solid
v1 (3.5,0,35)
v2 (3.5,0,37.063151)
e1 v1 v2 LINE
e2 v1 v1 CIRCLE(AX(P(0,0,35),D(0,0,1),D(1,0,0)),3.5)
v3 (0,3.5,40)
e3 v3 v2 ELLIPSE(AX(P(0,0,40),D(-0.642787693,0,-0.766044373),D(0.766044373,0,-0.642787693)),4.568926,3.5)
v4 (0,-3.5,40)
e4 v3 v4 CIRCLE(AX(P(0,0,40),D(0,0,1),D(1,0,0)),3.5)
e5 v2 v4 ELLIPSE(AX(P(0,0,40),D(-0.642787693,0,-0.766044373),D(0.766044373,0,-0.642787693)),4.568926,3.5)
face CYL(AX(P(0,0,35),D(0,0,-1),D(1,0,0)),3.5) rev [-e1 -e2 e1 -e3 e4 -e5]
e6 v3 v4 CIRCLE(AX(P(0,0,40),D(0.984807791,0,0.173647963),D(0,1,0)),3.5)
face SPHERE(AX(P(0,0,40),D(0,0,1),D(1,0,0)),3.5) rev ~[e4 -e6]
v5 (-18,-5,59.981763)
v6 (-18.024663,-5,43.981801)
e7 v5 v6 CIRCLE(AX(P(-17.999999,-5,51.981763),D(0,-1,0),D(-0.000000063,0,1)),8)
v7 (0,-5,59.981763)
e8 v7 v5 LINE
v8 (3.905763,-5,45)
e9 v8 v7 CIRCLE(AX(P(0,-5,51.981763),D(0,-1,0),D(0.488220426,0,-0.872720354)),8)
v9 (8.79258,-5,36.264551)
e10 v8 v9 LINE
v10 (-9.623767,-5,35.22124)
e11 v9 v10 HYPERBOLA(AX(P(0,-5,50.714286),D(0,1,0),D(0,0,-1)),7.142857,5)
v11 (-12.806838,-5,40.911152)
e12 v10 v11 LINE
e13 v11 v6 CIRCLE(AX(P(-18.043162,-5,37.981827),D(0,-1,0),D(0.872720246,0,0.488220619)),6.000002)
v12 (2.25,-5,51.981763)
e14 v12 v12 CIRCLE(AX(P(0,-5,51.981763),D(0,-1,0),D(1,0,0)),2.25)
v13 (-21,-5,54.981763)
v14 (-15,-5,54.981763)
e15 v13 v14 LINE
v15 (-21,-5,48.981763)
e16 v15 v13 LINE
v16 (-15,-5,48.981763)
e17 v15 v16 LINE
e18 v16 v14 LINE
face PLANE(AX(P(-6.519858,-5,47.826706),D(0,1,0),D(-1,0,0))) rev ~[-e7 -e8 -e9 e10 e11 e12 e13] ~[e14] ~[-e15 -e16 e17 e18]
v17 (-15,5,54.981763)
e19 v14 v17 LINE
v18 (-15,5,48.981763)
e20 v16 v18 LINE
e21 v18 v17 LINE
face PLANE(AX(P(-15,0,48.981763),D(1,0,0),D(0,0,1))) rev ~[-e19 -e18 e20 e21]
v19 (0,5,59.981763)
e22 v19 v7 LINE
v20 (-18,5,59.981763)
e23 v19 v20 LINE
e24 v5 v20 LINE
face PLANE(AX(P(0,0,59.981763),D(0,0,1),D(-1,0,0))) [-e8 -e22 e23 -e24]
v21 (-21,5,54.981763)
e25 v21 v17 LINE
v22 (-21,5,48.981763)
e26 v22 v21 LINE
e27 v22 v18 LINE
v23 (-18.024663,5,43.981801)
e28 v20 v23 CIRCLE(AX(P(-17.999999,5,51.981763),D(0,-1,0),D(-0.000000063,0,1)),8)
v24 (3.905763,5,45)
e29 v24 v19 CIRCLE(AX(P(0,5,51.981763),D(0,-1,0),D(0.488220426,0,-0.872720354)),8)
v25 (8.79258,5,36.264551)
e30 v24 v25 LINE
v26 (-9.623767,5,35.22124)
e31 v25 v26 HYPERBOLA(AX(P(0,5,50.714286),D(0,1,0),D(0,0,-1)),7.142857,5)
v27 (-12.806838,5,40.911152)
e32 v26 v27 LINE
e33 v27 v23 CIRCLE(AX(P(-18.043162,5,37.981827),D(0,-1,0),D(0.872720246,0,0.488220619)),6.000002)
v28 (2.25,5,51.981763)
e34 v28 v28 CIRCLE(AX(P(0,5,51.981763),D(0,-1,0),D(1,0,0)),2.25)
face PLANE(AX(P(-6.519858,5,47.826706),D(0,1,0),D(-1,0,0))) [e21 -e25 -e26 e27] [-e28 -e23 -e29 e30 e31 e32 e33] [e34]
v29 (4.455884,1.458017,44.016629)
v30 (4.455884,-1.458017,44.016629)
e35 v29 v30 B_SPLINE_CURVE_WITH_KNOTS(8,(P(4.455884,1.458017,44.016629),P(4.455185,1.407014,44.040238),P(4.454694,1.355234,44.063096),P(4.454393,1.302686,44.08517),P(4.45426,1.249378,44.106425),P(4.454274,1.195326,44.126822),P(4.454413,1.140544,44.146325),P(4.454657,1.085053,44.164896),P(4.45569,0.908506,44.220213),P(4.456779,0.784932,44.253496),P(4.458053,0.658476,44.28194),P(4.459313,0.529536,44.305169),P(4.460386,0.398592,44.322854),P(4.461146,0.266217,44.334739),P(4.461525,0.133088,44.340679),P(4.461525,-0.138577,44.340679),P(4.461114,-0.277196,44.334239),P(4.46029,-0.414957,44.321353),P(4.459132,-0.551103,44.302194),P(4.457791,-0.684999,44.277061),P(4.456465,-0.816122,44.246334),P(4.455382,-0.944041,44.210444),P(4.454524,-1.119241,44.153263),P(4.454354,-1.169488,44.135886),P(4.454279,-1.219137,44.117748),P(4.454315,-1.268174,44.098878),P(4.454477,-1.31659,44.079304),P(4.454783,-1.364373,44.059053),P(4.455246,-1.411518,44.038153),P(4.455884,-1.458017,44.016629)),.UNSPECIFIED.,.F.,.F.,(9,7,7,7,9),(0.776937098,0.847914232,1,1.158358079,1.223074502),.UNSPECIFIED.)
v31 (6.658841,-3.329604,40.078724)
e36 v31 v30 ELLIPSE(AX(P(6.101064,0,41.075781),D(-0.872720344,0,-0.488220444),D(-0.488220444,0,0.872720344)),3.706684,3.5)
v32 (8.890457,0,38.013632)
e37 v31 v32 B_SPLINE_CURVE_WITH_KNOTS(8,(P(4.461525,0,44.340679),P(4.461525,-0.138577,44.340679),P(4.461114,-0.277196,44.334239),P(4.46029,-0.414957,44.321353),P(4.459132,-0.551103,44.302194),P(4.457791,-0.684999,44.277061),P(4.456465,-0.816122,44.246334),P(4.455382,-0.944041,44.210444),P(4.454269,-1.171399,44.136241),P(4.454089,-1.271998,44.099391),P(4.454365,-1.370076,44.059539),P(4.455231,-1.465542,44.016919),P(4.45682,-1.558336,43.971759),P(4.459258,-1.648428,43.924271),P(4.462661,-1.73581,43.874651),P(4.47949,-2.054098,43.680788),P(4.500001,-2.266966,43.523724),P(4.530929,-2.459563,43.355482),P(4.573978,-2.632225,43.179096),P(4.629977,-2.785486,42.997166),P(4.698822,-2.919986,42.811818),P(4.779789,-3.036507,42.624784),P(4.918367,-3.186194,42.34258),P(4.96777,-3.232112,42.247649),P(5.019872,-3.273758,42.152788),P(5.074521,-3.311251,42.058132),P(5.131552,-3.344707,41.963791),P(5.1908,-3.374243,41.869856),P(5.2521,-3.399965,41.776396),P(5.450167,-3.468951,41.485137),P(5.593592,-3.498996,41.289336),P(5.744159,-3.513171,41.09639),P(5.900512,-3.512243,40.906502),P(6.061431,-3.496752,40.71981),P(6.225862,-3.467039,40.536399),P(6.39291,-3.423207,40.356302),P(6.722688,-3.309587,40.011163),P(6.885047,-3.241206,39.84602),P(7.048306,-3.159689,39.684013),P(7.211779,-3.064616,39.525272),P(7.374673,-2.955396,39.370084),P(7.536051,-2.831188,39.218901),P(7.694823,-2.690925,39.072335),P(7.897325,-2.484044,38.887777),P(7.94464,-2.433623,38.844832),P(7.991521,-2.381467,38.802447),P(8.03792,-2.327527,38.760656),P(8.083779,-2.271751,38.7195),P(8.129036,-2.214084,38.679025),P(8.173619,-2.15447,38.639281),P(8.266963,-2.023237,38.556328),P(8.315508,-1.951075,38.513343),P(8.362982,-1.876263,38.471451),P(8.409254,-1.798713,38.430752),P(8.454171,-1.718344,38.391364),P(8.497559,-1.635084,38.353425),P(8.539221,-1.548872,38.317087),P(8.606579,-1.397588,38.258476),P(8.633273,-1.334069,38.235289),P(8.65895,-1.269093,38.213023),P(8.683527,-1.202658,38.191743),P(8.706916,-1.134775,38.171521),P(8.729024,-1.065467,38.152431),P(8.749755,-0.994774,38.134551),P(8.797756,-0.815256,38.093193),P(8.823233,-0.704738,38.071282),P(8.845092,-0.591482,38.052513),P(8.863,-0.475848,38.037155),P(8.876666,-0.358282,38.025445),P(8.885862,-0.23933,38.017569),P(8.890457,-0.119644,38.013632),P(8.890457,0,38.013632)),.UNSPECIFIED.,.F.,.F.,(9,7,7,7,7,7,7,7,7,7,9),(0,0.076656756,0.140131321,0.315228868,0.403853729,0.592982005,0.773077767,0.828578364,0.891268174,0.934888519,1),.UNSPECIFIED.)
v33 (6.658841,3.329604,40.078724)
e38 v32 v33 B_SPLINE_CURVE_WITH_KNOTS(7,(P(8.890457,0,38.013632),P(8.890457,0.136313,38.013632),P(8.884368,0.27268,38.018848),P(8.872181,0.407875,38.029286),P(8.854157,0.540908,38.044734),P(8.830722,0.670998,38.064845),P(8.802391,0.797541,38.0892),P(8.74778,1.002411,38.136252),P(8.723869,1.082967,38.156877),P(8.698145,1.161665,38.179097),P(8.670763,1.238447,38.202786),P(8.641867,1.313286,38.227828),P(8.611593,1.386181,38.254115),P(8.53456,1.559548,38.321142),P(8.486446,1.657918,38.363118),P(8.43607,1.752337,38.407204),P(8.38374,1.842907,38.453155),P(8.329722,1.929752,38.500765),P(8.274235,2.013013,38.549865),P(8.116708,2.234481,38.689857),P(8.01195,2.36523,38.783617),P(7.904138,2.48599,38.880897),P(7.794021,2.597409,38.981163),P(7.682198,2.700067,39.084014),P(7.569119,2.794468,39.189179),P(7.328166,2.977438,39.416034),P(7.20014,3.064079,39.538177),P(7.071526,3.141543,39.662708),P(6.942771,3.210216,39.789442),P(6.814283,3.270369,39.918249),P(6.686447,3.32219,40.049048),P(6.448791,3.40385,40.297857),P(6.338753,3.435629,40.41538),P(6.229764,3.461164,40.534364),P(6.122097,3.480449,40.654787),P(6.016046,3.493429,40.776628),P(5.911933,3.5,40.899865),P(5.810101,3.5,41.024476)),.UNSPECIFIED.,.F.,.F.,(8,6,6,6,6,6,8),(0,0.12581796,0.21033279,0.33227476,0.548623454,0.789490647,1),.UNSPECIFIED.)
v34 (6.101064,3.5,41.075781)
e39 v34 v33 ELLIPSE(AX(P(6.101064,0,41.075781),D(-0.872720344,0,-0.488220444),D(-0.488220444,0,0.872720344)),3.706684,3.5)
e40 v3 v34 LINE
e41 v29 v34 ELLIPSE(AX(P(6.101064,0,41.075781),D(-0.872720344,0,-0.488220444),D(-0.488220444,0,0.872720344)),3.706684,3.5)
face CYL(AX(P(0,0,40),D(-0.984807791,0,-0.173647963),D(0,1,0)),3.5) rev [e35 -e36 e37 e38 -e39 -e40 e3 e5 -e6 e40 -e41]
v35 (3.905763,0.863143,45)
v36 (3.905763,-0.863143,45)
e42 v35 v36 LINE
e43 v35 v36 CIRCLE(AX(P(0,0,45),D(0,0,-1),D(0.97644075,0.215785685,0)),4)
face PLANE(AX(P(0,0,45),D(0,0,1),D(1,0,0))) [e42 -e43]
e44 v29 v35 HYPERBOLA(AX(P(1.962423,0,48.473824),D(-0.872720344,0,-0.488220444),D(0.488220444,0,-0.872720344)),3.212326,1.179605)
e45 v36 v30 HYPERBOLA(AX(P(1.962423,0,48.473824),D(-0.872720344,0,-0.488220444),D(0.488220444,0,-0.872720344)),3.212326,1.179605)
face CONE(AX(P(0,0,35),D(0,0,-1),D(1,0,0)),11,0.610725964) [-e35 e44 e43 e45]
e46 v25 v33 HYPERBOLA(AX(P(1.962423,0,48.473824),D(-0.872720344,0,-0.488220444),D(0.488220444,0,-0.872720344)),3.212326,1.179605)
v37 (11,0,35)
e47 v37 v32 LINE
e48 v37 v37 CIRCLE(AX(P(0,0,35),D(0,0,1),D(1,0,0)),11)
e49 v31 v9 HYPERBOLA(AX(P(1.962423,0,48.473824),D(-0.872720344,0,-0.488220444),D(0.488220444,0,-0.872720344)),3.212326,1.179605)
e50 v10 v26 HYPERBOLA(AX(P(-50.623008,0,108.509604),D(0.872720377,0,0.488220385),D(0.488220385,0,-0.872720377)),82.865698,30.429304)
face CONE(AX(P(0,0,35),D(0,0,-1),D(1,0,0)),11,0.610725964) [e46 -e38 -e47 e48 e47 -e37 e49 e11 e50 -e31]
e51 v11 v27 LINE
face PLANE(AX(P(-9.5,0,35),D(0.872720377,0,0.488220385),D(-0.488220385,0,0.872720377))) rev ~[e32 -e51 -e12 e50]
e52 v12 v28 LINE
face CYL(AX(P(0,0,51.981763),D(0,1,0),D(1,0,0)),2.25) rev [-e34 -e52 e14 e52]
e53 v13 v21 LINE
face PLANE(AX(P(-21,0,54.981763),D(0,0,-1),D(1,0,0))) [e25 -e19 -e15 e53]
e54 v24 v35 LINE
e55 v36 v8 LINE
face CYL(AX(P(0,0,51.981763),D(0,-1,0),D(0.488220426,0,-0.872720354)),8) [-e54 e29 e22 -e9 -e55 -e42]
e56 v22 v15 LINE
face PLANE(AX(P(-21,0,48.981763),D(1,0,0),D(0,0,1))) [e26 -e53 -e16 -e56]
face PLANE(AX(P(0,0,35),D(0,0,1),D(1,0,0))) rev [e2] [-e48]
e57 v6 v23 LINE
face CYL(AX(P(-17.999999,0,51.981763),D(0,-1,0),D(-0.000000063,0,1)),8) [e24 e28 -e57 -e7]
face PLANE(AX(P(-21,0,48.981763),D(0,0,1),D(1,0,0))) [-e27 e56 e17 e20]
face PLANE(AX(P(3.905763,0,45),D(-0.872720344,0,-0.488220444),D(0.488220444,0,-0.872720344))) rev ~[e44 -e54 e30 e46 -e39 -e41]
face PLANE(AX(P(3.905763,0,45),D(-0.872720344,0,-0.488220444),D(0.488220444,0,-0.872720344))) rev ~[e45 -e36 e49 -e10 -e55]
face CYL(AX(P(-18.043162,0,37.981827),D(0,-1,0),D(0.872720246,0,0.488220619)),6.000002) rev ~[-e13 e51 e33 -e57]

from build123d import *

# Parameters (mm, degrees)
SKETCH023_R       = 2.25
SKETCH023_W       = 6
SKETCH023_H       = 6
PAD017_DEPTH      = 5
CYLINDER060_R     = 3.5
CYLINDER060_DEPTH = 5
CYLINDER061_R     = 3.5
CYLINDER061_DEPTH = 10


with BuildPart() as part:
    # Sketch023 → Pad017 (new body, symmetric)
    with BuildSketch(Plane.XZ):
        with BuildLine():
            Line((-9.5, 0), (-12.806838, 5.911152))
            ThreePointArc((-12.806838, 5.911152), (-15.000053, 8.152854), (-18.024663, 8.981801))
            ThreePointArc((-18, 24.981763), (-25.99999, 16.994094), (-18.024663, 8.981801))
            Line((0, 24.981763), (-18, 24.981763))
            ThreePointArc((3.905763, 10), (7.741256, 18.999918), (0, 24.981763))
            Line((3.905763, 10), (9.5, 0))
            Line((-9.5, 0), (9.5, 0))
        make_face()
        with Locations((0, 16.981763)):
            Circle(SKETCH023_R, mode=Mode.SUBTRACT)
        with Locations((-18, 16.981763)):
            Rectangle(SKETCH023_W, SKETCH023_H, mode=Mode.SUBTRACT)
    extrude(amount=PAD017_DEPTH, both=True)

    # Cone004 → Cone004 (revolve)
    with BuildSketch(Plane.XZ):
        Polygon((0, 0), (11, 0), (4, 10), (0, 10), align=None)
    revolve(axis=Axis((0, 0, 0), (0, 0, 1)))

    # Cylinder060 → Cylinder060 (cut)
    with BuildSketch(Plane.XY):
        Circle(CYLINDER060_R)
    extrude(amount=CYLINDER060_DEPTH, mode=Mode.SUBTRACT)

    # Cylinder061 → Cylinder061 (cut)
    with BuildSketch(Plane(origin=(0, 0, 5), x_dir=(0, 1, 0), z_dir=(0.984808, 0, 0.173648))):
        Circle(CYLINDER061_R)
    extrude(amount=CYLINDER061_DEPTH, mode=Mode.SUBTRACT)

    # Sphere001 → Sphere001 (revolve, cut)
    with BuildSketch(Plane(origin=(0, 0, 5), x_dir=(1, 0, 0), z_dir=(0, -1, 0))):
        with BuildLine():
            ThreePointArc((0, -3.5), (3.5, 0), (0, 3.5))
            Line((0, 3.5), (0, -3.5))
        make_face()
    revolve(axis=Axis((0, 0, 5), (0, 0, 1)), mode=Mode.SUBTRACT)


with BuildPart() as part_1:
    # Body029 placement: moved
    add(part.part.moved(Location((0, 0, 35))))


solid = part_1.part
